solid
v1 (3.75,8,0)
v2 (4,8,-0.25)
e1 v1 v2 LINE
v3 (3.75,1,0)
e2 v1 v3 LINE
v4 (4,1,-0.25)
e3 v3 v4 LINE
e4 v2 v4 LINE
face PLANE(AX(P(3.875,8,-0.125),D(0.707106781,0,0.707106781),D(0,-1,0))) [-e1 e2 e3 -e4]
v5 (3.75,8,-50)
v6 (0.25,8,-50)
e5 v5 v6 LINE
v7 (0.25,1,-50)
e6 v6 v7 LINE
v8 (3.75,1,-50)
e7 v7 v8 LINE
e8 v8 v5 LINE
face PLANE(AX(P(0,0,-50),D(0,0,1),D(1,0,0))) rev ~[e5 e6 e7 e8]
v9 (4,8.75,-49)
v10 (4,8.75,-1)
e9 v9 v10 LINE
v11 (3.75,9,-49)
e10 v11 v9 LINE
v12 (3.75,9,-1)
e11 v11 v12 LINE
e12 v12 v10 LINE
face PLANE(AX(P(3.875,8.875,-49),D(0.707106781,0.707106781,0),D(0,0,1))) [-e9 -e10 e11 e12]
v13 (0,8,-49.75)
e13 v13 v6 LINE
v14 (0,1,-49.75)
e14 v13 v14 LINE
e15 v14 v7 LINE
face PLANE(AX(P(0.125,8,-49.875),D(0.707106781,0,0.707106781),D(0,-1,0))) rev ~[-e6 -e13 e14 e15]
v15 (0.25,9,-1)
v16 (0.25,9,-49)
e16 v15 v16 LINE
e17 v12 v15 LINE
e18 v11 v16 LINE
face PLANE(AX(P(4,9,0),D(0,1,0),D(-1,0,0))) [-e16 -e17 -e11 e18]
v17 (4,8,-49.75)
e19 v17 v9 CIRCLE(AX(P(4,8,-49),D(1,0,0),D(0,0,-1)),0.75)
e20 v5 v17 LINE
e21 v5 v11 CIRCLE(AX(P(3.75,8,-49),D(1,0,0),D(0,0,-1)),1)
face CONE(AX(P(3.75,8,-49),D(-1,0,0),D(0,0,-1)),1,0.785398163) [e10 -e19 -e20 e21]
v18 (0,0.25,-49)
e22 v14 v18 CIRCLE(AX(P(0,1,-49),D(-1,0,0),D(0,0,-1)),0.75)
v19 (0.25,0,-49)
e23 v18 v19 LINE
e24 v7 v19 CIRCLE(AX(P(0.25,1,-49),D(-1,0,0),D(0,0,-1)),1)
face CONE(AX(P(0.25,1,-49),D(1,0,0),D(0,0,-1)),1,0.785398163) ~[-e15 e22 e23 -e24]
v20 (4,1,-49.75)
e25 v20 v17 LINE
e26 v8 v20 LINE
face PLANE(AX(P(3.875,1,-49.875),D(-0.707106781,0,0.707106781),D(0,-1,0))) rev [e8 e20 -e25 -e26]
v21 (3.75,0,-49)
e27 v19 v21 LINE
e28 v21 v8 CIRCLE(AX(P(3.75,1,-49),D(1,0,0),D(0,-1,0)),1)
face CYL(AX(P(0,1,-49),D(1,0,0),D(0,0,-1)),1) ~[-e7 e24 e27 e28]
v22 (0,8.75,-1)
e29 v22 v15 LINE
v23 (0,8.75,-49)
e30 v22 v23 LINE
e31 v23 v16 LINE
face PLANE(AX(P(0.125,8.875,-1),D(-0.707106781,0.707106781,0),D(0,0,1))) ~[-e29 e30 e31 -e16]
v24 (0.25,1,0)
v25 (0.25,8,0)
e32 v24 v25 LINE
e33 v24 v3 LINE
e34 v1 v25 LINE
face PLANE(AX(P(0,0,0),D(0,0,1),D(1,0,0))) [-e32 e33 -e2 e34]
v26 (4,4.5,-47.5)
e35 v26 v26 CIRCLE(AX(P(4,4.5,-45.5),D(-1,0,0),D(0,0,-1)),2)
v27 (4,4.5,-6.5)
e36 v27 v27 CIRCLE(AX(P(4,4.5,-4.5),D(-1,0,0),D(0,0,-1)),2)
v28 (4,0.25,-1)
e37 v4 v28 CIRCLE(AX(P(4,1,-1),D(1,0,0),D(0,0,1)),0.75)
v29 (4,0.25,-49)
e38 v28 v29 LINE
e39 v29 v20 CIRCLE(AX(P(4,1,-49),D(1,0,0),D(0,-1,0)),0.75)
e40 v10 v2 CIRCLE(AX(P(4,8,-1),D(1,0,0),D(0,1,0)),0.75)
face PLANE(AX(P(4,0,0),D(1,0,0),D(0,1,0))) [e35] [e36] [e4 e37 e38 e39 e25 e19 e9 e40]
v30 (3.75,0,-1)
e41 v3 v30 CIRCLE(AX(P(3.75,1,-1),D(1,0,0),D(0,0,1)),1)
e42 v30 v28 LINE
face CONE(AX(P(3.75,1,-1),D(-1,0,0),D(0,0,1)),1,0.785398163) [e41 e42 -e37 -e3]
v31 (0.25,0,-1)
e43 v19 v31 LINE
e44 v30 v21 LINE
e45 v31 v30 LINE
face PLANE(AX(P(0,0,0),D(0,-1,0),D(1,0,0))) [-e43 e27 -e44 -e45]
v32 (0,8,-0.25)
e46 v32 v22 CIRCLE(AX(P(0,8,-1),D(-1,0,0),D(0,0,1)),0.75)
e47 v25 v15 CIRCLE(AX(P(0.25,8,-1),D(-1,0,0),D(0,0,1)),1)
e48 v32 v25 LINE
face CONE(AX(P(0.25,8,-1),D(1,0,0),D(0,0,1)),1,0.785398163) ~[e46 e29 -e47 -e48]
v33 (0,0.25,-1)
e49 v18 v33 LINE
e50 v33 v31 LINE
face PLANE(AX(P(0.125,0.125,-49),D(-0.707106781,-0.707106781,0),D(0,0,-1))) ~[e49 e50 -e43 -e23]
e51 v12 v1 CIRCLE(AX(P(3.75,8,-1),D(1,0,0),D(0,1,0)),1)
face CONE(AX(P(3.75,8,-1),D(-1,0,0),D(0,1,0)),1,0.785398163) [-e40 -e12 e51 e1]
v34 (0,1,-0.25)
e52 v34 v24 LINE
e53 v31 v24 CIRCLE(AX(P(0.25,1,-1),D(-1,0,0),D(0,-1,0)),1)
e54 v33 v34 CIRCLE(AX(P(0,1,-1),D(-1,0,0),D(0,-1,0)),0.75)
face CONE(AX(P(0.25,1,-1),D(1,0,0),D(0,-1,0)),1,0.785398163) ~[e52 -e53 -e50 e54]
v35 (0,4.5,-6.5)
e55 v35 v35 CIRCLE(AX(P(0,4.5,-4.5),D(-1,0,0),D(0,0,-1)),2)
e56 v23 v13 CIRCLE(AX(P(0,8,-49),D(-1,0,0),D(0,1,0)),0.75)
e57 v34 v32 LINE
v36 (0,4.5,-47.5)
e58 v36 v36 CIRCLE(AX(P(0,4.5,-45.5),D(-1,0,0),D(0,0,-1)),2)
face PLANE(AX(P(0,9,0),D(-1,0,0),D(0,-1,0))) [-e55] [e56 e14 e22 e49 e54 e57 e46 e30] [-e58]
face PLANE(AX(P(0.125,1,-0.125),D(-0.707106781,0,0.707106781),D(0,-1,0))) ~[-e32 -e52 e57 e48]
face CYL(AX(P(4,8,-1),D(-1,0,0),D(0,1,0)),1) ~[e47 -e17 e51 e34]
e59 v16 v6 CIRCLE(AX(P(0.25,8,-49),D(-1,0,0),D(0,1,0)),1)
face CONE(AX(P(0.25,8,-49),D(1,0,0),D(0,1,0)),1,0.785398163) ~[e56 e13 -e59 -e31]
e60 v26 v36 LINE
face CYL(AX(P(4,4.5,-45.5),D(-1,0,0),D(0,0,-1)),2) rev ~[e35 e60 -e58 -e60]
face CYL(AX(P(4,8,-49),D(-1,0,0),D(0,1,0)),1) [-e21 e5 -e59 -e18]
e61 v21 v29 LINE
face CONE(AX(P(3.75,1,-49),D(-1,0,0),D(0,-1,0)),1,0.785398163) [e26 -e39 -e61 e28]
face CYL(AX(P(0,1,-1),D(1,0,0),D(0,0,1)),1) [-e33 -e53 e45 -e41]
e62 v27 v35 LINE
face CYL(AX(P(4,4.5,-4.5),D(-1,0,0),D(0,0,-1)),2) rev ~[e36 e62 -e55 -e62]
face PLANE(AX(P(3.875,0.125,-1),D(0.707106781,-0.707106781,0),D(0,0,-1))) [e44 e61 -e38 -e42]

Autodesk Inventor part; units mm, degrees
ref_plane "YZ Plane" through (0, 0, 0) normal (1, 0, 0) x (0, 1, 0)
ref_plane "XZ Plane" through (0, 0, 0) normal (0, 1, 0) x (-1, 0, 0)
ref_plane "XY Plane" through (0, 0, 0) normal (0, 0, 1) x (1, 0, 0)
sketch "Sketch1" plane through (0, 0, 0) normal (0, 0, 1) x (1, 0, 0)
  line L0 (0, 0) -> (4, 0)
  line L1 (4, 0) -> (4, 9)
  line L2 (4, 9) -> (0, 9)
  line L3 (0, 9) -> (0, 0)
  dimension "d3" = 4
  dimension "d4" = 9
extrude "Extrusion1" add sketch "Sketch1" against normal blind 50
sketch "Sketch2" plane through (4, 0, 0) normal (1, 0, 0) x (0, 0, -1)
  circle A0 centre (4.5, 4.5) radius 2
  circle A1 centre (45.5, 4.5) radius 2
  line L0 (0, 0) -> (50, 0) projected
  line L1 (0, 0) -> (0, 9) projected
  line L2 (50, 9) -> (50, 0) projected
  line L3 (0, 9) -> (50, 9) projected
  dimension "d7" = 4
  dimension "d8" = 4
  dimension "d9" = 4.5
  dimension "d10" = 4.5
  dimension "d11" = 41
  dimension "d12" = 4.5
  dimension "d13" = 4.5
hole "Hole1" at (4, 4.5, -4.5) at (4, 4.5, -45.5) direction (-1, 0, 0) diameter 4 depth 4 tip angle 118
fillet "Fillet1" radius 1 4 edges at (2, 9, 0) (2, 0, 0) (2, 9, -50) (2, 0, -50)
chamfer "Chamfer1" distance 0.25 angle 45 16 edges at (0, 9, -25) (0, 8.7071, -49.7071) (0, 4.5, -50) (0, 0.2929, -49.7071) (0, 0, -25) (0, 0.2929, -0.2929) (0, 4.5, 0) (0, 8.7071, -0.2929) (4, 0, -25) (4, 0.2929, -49.7071) (4, 4.5, -50) (4, 8.7071, -49.7071) (4, 9, -25) (4, 8.7071, -0.2929) (4, 4.5, 0) (4, 0.2929, -0.2929)
properties part number "HUDSON 1-03 AXLE BOX KEEPER"
